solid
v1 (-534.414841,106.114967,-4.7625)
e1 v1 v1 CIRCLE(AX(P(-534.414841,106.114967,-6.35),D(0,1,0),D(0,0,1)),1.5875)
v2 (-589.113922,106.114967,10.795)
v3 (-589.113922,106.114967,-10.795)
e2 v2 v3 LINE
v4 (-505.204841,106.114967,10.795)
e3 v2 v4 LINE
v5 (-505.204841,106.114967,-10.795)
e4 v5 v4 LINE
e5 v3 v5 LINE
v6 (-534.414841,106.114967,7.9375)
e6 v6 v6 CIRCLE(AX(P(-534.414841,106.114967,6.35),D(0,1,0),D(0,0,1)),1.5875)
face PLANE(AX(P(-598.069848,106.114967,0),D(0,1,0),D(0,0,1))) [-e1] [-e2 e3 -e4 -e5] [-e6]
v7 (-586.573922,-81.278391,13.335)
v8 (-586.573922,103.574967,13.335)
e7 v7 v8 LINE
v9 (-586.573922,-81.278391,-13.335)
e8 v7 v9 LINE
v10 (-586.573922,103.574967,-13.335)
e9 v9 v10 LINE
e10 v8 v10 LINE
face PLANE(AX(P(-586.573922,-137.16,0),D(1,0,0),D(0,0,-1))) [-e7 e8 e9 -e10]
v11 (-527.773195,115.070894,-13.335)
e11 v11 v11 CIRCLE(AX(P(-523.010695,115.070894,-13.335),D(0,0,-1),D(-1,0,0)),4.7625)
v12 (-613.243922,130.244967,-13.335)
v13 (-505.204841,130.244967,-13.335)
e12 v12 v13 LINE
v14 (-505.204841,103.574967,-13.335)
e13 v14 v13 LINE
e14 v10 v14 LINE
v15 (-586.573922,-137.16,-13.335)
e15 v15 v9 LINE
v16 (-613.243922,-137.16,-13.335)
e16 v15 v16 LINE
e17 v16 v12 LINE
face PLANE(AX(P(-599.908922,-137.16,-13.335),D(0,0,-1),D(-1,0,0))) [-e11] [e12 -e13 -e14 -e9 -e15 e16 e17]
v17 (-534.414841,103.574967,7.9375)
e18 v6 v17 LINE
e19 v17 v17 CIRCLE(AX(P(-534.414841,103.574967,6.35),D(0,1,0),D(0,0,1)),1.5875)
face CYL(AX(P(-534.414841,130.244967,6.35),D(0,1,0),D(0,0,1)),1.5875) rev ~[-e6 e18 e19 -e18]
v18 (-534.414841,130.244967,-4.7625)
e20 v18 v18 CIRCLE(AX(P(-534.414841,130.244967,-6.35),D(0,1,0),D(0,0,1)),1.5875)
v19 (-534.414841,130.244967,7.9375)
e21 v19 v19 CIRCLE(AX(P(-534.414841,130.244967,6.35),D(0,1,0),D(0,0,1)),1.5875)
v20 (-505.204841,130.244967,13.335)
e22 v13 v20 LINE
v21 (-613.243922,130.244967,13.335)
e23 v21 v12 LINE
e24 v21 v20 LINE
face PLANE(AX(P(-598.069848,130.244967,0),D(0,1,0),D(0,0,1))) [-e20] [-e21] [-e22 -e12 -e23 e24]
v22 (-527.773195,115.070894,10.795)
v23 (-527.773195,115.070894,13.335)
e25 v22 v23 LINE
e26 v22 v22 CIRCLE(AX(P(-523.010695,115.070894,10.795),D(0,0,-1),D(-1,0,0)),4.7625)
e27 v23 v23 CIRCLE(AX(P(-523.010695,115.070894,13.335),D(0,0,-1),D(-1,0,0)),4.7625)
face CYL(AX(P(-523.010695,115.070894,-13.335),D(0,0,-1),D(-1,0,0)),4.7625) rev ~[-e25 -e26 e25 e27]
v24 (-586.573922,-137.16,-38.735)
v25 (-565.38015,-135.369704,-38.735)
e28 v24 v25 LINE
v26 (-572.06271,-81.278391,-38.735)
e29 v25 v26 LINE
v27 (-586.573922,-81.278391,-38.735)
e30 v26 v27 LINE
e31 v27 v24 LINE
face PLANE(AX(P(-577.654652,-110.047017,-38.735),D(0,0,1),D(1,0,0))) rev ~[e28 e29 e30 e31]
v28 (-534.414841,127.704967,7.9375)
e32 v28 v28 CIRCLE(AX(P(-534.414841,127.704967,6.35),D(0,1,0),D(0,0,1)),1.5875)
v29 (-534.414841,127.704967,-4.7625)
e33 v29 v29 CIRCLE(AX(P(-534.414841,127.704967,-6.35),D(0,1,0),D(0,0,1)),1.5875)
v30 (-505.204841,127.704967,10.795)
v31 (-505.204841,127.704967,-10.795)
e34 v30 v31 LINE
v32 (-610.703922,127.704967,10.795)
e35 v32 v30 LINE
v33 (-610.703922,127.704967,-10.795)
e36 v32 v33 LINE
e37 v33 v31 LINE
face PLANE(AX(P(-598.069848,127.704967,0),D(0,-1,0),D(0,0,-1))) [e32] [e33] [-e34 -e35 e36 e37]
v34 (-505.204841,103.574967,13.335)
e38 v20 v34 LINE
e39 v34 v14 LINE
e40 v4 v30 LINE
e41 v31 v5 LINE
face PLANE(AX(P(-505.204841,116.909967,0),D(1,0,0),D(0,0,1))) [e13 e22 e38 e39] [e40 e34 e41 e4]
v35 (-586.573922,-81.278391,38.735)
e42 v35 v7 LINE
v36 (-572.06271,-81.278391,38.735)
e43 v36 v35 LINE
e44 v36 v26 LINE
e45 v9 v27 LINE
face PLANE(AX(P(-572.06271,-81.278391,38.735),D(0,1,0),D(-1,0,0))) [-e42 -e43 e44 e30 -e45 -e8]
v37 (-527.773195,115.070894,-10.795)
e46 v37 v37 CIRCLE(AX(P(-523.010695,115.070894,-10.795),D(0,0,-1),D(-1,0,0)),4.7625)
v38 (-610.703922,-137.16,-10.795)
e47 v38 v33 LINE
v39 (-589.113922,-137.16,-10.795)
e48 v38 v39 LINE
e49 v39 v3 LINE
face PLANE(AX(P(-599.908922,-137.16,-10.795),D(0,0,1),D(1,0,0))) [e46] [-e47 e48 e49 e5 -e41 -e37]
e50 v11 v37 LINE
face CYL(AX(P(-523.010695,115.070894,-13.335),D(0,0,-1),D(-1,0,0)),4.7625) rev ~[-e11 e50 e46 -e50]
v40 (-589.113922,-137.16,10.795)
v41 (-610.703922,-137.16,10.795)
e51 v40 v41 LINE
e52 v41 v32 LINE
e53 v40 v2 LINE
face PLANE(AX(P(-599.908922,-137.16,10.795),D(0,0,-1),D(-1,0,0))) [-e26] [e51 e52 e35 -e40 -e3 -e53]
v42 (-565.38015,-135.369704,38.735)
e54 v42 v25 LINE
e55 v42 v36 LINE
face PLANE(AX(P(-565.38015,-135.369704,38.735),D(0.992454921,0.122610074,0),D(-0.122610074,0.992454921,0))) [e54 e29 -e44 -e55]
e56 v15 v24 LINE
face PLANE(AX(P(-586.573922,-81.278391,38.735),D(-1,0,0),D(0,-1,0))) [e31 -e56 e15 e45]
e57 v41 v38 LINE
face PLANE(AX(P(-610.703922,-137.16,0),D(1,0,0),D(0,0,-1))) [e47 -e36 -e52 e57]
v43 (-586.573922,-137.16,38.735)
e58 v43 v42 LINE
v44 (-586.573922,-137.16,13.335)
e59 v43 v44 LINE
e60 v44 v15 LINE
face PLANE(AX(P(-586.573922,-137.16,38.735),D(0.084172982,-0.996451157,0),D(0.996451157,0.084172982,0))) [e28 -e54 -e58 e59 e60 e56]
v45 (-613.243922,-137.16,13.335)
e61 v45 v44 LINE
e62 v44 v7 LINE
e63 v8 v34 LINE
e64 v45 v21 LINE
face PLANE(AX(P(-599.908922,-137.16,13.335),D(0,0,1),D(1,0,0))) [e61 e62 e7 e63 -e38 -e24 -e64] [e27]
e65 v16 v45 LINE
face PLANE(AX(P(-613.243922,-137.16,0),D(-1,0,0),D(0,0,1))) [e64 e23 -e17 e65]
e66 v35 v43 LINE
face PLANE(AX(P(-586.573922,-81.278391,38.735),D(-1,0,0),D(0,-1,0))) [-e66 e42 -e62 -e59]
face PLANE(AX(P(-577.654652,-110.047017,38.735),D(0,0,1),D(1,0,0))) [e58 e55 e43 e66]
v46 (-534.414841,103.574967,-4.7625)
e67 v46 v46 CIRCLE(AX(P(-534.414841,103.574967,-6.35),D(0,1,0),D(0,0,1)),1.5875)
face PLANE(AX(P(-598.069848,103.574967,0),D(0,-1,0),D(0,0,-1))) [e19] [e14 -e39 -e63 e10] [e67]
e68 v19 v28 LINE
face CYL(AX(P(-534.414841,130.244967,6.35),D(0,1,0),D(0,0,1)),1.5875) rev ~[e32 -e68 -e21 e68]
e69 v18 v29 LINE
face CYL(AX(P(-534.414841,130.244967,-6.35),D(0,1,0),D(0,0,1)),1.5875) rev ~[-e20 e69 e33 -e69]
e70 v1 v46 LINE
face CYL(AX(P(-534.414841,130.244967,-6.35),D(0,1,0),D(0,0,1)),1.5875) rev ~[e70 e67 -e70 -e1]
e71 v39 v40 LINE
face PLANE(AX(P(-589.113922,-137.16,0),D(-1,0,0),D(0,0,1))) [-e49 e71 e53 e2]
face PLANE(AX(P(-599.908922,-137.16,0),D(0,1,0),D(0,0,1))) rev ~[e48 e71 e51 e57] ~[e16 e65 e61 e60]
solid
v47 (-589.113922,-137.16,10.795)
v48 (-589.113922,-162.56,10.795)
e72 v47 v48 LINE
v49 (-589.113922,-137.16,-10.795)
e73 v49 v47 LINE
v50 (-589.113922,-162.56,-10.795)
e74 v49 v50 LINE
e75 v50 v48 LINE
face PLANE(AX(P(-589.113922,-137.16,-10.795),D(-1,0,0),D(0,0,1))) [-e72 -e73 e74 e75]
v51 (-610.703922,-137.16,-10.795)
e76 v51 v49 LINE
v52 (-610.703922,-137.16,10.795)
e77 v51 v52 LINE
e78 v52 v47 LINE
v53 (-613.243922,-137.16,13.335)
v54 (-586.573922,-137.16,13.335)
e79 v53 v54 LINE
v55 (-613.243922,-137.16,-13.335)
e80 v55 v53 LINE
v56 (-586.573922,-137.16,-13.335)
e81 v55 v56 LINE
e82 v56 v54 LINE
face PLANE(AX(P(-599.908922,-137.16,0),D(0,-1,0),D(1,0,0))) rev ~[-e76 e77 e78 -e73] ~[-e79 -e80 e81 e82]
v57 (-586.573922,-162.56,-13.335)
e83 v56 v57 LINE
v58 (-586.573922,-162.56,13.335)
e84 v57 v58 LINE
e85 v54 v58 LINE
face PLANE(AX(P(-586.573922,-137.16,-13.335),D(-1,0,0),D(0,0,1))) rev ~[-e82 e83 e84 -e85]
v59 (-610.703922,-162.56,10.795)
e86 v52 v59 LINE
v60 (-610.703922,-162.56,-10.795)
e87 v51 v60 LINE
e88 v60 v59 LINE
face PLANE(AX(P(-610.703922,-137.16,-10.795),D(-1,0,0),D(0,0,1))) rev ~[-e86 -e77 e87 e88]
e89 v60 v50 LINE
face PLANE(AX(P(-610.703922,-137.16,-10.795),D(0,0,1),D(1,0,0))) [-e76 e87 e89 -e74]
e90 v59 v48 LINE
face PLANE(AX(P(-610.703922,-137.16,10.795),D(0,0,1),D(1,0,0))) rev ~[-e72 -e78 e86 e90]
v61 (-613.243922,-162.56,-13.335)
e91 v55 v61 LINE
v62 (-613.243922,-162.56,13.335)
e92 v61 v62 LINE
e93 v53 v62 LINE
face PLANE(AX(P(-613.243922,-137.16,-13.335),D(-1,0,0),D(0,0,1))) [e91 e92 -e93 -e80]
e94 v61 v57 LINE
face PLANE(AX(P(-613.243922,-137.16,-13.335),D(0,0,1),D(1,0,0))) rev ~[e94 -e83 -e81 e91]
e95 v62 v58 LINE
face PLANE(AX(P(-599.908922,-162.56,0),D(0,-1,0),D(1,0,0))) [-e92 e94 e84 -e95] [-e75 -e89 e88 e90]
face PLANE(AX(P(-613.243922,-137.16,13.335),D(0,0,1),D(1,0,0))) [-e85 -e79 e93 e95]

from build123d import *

# Parameters (mm, degrees)
SKETCH3_W                = 26.67
SKETCH3_H                = 26.67
SKETCH3_W_2              = 21.59
SKETCH3_H_2              = 21.59
BOSS_EXTRUDE1_DEPTH      = 25.4
BOSS_EXTRUDE1_DEPTH_BACK = 52.07
SKETCH8_W                = 26.67
SKETCH8_H                = 26.67
SKETCH8_W_2              = 21.59
SKETCH8_H_2              = 21.59
BOSS_EXTRUDE2_DEPTH      = 25.4
SKETCH9_R                = 4.7625
CUT_EXTRUDE1_DEPTH       = 637.557260443
SKETCH10_R               = 1.5875
CUT_EXTRUDE2_DEPTH       = 681.663834945


with BuildPart() as part:
    # Sweep1: sweep along a path in Sketch1
    with BuildLine(Plane.XY) as sweep1_path:
        Line((-598.06984839, -137.16), (-598.06984839, 115.070893757))
        Line((-598.06984839, 115.070893757), (-505.204841138, 115.070893757))
    # Sketch3 → Sweep1 (sweep)
    with BuildSketch(Plane(origin=(0, -137.16, 0), x_dir=(-1, 0, 0), z_dir=(0, 1, 0))):
        with Locations((599.908921554, 0)):
            Rectangle(SKETCH3_W, SKETCH3_H)
        with Locations((599.908921554, 0)):
            Rectangle(SKETCH3_W_2, SKETCH3_H_2, mode=Mode.SUBTRACT)
    sweep(path=sweep1_path.line, transition=Transition.RIGHT)

    # Sketch7 → Boss-Extrude1 (add, two sides: drawn at the far end of the back side and taken through both)
    with BuildSketch(Plane(origin=(0, 0, -13.335), x_dir=(-1, 0, 0), z_dir=(0, 0, -1)).offset(-BOSS_EXTRUDE1_DEPTH_BACK)):
        Polygon((586.573921554, -137.16), (565.380149791, -135.369703544), (572.062710026, -81.27839133), (586.573921554, -81.27839133), align=None)
    extrude(amount=BOSS_EXTRUDE1_DEPTH + BOSS_EXTRUDE1_DEPTH_BACK)

    # Sketch9 → Cut-Extrude1 (cut, through all)
    with BuildSketch(Plane(origin=(0, 0, -13.335), x_dir=(-1, 0, 0), z_dir=(0, 0, -1))):
        with Locations((523.010694713, 115.070893757)):
            Circle(SKETCH9_R)
    extrude(amount=-CUT_EXTRUDE1_DEPTH, mode=Mode.SUBTRACT)

    # Sketch10 → Cut-Extrude2 (cut, through all)
    with BuildSketch(Plane(origin=(0, 130.244966921, 0), x_dir=(1, 0, 0), z_dir=(0, 1, 0))):
        with Locations(Location((-534.414841138, 6.35, 0), (0, 0, 270))):
            Circle(SKETCH10_R)
        with Locations(Location((-534.414841138, -6.35, 0), (0, 0, 270))):
            Circle(SKETCH10_R)
    extrude(amount=-CUT_EXTRUDE2_DEPTH, mode=Mode.SUBTRACT)


with BuildPart() as body_2:
    # Sketch8 → Boss-Extrude2 (new body)
    with BuildSketch(Plane.XZ.offset(137.16)):
        with Locations((-599.908921554, 0)):
            Rectangle(SKETCH8_W, SKETCH8_H)
        with Locations((-599.908921554, 0)):
            Rectangle(SKETCH8_W_2, SKETCH8_H_2, mode=Mode.SUBTRACT)
    extrude(amount=BOSS_EXTRUDE2_DEPTH)


solid = Compound([part.part, body_2.part])
